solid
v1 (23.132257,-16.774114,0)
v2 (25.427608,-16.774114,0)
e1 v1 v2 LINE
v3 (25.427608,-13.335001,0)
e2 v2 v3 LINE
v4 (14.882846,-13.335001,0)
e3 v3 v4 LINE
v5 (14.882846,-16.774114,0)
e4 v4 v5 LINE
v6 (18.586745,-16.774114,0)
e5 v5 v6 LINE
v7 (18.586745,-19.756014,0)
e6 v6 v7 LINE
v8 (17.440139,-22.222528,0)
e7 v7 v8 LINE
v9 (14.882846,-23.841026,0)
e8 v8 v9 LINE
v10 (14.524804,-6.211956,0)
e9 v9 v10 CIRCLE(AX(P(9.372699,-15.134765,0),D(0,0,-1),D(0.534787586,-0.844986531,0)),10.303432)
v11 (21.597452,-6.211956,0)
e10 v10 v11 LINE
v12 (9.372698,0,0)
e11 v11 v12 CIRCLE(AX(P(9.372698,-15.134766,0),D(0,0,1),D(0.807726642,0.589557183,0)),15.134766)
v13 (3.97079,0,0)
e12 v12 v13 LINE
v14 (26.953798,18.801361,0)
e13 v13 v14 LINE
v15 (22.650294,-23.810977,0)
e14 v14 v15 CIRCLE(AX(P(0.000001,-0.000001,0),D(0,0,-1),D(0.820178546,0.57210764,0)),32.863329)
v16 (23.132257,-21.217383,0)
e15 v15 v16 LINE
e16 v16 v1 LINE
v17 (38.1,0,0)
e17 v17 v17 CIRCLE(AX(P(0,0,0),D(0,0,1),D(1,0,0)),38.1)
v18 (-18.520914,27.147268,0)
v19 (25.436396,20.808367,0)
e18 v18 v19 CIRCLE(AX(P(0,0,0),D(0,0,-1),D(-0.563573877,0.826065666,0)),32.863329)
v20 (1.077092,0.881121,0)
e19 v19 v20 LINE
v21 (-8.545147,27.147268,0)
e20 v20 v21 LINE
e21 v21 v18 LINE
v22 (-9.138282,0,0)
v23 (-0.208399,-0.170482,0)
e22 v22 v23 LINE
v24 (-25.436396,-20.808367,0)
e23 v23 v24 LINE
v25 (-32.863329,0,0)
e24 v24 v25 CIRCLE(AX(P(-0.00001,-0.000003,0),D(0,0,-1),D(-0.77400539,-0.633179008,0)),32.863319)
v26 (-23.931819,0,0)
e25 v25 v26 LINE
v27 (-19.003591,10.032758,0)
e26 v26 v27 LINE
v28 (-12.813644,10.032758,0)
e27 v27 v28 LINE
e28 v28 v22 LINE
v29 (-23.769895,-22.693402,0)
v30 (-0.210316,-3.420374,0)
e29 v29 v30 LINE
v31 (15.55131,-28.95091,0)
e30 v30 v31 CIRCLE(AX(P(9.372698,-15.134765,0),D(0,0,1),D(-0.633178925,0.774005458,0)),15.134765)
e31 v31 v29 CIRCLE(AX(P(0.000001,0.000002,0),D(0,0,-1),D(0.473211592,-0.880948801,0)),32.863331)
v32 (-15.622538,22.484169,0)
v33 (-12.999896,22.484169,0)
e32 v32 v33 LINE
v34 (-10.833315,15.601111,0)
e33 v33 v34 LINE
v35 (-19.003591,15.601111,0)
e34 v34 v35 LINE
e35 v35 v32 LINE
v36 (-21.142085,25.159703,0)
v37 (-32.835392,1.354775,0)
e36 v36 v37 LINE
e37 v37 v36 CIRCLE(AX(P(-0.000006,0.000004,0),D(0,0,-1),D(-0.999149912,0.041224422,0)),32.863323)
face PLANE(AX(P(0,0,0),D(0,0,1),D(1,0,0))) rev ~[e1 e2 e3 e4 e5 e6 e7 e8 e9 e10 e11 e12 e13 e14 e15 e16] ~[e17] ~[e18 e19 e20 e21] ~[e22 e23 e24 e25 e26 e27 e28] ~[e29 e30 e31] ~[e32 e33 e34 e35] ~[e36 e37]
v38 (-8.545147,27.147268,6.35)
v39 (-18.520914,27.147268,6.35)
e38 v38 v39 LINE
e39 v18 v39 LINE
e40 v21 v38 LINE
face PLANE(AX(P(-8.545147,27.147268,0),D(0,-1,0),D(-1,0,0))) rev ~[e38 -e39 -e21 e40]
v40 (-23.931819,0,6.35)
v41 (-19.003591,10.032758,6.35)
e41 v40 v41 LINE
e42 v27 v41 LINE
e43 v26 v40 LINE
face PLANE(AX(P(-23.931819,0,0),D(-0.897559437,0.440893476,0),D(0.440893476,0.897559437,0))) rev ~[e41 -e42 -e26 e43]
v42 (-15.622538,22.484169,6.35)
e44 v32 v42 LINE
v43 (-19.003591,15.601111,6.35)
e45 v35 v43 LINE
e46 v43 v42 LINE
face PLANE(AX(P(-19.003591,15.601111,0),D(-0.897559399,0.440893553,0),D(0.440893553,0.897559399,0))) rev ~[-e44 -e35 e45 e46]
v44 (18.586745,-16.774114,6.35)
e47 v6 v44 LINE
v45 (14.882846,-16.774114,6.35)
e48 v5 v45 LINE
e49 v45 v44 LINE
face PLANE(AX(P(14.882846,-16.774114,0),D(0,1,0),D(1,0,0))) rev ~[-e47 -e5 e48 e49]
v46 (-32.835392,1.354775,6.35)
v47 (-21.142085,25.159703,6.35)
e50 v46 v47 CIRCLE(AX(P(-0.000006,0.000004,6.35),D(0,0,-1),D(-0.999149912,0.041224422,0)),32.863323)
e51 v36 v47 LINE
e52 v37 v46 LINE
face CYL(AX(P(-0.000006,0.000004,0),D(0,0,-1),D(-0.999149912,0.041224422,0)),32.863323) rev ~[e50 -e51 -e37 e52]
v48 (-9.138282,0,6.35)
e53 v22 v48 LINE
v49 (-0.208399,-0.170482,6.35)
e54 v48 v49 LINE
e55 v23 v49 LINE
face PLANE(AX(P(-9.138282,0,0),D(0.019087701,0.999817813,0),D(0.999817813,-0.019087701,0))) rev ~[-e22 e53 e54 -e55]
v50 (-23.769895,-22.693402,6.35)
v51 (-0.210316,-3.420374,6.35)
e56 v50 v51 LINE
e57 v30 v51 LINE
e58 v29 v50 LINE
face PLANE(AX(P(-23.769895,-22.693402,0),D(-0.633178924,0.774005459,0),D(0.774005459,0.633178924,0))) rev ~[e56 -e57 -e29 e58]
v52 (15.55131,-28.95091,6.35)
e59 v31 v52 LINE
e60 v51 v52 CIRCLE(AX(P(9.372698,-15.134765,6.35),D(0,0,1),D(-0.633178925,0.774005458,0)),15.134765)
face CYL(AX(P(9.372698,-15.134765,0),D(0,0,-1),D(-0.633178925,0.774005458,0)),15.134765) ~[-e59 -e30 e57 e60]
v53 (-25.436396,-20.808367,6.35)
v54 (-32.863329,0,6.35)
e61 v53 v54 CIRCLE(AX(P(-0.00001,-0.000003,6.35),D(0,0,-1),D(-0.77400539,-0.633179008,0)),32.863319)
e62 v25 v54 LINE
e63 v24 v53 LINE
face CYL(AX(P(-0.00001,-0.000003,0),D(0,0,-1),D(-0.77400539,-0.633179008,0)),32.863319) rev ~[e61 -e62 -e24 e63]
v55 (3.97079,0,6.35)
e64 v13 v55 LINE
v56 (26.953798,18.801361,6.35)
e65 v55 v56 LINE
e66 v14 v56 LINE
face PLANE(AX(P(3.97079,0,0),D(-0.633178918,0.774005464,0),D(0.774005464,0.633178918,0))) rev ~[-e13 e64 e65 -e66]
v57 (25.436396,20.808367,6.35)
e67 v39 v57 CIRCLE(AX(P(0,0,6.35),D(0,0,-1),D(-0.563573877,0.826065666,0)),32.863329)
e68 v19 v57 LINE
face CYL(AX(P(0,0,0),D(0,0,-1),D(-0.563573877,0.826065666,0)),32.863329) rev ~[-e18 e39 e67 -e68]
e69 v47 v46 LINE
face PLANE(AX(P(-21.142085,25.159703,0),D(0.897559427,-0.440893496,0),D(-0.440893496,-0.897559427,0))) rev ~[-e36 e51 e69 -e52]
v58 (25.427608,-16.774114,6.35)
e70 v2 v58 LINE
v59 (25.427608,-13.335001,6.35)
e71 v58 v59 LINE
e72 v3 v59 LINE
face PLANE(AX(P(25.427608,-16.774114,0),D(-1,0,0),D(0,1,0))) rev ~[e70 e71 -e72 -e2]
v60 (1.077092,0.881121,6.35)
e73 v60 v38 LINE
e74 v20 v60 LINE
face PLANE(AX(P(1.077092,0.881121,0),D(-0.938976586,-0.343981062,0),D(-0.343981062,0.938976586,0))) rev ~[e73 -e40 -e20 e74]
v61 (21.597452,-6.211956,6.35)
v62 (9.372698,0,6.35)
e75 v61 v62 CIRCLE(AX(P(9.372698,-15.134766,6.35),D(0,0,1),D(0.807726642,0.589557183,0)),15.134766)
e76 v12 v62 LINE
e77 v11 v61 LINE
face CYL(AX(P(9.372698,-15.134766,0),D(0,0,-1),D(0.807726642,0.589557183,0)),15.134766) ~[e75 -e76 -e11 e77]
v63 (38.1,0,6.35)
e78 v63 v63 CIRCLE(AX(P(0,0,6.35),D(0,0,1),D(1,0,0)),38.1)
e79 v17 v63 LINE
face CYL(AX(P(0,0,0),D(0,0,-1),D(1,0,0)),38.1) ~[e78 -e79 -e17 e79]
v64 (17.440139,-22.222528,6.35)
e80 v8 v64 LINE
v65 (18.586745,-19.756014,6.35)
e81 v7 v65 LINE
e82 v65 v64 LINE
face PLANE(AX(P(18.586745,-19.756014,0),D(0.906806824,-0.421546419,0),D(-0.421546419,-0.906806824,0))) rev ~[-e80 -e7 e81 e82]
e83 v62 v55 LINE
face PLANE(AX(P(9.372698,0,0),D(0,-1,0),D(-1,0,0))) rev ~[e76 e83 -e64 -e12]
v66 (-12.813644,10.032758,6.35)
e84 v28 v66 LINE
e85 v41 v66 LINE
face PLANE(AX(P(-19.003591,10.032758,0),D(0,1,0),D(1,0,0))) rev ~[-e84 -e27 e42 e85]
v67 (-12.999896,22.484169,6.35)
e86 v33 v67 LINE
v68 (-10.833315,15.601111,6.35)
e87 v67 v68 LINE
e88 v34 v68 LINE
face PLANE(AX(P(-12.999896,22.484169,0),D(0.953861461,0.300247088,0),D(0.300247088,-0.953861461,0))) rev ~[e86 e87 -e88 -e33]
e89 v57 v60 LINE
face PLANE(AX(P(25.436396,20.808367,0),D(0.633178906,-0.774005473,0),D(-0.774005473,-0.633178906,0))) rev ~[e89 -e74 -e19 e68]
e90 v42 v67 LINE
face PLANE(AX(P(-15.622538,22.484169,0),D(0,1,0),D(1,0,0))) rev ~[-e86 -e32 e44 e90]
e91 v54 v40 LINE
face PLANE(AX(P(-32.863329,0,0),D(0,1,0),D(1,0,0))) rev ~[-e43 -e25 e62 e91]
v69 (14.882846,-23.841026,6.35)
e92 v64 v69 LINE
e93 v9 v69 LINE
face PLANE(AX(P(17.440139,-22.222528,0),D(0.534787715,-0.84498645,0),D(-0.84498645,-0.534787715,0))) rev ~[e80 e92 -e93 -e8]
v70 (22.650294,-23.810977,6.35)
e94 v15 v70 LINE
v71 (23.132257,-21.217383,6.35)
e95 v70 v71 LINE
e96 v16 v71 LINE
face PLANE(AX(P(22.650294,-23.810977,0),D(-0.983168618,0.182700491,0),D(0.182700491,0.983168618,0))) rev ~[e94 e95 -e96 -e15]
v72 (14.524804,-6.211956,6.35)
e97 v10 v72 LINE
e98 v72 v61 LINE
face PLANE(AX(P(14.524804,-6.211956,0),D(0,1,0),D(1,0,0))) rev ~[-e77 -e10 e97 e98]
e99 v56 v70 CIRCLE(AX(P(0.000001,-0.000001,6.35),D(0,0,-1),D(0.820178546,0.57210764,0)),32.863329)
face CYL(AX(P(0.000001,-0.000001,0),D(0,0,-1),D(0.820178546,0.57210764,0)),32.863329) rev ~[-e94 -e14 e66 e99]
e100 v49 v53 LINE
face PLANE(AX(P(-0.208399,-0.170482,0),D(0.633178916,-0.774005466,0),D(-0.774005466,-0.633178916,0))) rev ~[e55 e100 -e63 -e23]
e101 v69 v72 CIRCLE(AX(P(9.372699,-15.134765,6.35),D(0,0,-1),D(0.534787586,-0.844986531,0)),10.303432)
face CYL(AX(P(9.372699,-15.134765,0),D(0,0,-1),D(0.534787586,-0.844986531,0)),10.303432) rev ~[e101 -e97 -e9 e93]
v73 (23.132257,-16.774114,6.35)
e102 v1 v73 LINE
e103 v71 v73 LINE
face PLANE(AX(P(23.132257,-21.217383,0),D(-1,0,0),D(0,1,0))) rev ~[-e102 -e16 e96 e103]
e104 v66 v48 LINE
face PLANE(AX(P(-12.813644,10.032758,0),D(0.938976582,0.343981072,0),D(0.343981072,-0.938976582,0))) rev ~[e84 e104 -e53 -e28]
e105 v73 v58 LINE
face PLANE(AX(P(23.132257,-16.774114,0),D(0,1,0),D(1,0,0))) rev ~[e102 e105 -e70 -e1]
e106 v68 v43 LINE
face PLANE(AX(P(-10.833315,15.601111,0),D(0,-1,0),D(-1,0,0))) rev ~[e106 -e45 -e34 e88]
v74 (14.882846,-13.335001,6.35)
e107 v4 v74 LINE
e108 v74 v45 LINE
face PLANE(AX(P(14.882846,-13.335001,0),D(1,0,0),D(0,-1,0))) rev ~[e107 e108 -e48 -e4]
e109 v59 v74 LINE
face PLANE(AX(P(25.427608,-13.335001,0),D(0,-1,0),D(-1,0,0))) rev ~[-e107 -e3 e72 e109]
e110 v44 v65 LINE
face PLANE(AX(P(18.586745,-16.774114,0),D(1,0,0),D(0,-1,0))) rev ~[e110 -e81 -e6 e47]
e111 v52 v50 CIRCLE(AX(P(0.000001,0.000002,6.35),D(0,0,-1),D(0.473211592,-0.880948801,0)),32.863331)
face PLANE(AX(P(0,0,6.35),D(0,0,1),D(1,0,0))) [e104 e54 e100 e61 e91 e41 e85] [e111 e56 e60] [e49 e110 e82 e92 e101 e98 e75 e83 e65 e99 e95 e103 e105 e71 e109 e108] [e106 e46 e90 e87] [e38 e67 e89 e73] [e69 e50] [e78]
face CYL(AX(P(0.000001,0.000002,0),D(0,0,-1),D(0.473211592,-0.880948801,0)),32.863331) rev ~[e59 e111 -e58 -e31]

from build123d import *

# Parameters (mm, degrees)
F0_R     = 38.1
F1_DEPTH = 6.35


with BuildPart() as f1:
    # F0 (on Top) → F1 (new body)
    with BuildSketch(Plane.XY):
        Circle(F0_R)
        with BuildLine():
            ThreePointArc((15.55131, -28.95091), (-5.164822, -32.454938), (-23.769895, -22.693402))
            Line((-23.769895, -22.693402), (-0.210316, -3.420374))
            ThreePointArc((-0.210316, -3.420374), (-3.505561, -23.085334), (15.55131, -28.95091))
        make_face(mode=Mode.SUBTRACT)
        with BuildLine():
            ThreePointArc((-25.436396, -20.808367), (-30.950954, -11.04703), (-32.863329, 0))
            Line((-32.863329, 0), (-23.931819, 0))
            Line((-23.931819, 0), (-19.003591, 10.032758))
            Line((-19.003591, 10.032758), (-12.813644, 10.032758))
            Line((-12.813644, 10.032758), (-9.138282, 0))
            Line((-9.138282, 0), (-0.208399, -0.170482))
            Line((-0.208399, -0.170482), (-25.436396, -20.808367))
        make_face(mode=Mode.SUBTRACT)
        with BuildLine():
            Line((14.524804, -6.211956), (21.597452, -6.211956))
            ThreePointArc((21.597452, -6.211956), (16.228954, -1.642068), (9.372698, 0))
            Line((9.372698, 0), (3.97079, 0))
            Line((3.97079, 0), (26.953798, 18.801361))
            ThreePointArc((26.953798, 18.801361), (32.697008, -3.302136), (22.650294, -23.810977))
            Line((22.650294, -23.810977), (23.132257, -21.217383))
            Line((23.132257, -21.217383), (23.132257, -18.501105))
            Line((23.132257, -18.501105), (23.132257, -16.774114))
            Line((23.132257, -16.774114), (25.427608, -16.774114))
            Line((25.427608, -16.774114), (25.427608, -13.335001))
            Line((25.427608, -13.335001), (14.882846, -13.335001))
            Line((14.882846, -13.335001), (14.882846, -16.774114))
            Line((14.882846, -16.774114), (18.586745, -16.774114))
            Line((18.586745, -16.774114), (18.586745, -19.756014))
            Line((18.586745, -19.756014), (17.440139, -22.222528))
            Line((17.440139, -22.222528), (14.882846, -23.841026))
            ThreePointArc((14.882846, -23.841026), (-0.928609, -15.343981), (14.524804, -6.211956))
        make_face(mode=Mode.SUBTRACT)
        with BuildLine():
            Line((-21.142085, 25.159703), (-32.835392, 1.354775))
            ThreePointArc((-32.835392, 1.354775), (-29.496791, 14.489229), (-21.142085, 25.159703))
        make_face(mode=Mode.SUBTRACT)
        Polygon((-10.833315, 15.601111), (-19.003591, 15.601111), (-15.622538, 22.484169), (-12.999896, 22.484169), align=None, mode=Mode.SUBTRACT)
        with BuildLine():
            Line((25.436396, 20.808367), (1.077092, 0.881121))
            Line((1.077092, 0.881121), (-8.545147, 27.147268))
            Line((-8.545147, 27.147268), (-18.520914, 27.147268))
            ThreePointArc((-18.520914, 27.147268), (4.690564, 32.526866), (25.436396, 20.808367))
        make_face(mode=Mode.SUBTRACT)
    extrude(amount=F1_DEPTH)


solid = f1.part
